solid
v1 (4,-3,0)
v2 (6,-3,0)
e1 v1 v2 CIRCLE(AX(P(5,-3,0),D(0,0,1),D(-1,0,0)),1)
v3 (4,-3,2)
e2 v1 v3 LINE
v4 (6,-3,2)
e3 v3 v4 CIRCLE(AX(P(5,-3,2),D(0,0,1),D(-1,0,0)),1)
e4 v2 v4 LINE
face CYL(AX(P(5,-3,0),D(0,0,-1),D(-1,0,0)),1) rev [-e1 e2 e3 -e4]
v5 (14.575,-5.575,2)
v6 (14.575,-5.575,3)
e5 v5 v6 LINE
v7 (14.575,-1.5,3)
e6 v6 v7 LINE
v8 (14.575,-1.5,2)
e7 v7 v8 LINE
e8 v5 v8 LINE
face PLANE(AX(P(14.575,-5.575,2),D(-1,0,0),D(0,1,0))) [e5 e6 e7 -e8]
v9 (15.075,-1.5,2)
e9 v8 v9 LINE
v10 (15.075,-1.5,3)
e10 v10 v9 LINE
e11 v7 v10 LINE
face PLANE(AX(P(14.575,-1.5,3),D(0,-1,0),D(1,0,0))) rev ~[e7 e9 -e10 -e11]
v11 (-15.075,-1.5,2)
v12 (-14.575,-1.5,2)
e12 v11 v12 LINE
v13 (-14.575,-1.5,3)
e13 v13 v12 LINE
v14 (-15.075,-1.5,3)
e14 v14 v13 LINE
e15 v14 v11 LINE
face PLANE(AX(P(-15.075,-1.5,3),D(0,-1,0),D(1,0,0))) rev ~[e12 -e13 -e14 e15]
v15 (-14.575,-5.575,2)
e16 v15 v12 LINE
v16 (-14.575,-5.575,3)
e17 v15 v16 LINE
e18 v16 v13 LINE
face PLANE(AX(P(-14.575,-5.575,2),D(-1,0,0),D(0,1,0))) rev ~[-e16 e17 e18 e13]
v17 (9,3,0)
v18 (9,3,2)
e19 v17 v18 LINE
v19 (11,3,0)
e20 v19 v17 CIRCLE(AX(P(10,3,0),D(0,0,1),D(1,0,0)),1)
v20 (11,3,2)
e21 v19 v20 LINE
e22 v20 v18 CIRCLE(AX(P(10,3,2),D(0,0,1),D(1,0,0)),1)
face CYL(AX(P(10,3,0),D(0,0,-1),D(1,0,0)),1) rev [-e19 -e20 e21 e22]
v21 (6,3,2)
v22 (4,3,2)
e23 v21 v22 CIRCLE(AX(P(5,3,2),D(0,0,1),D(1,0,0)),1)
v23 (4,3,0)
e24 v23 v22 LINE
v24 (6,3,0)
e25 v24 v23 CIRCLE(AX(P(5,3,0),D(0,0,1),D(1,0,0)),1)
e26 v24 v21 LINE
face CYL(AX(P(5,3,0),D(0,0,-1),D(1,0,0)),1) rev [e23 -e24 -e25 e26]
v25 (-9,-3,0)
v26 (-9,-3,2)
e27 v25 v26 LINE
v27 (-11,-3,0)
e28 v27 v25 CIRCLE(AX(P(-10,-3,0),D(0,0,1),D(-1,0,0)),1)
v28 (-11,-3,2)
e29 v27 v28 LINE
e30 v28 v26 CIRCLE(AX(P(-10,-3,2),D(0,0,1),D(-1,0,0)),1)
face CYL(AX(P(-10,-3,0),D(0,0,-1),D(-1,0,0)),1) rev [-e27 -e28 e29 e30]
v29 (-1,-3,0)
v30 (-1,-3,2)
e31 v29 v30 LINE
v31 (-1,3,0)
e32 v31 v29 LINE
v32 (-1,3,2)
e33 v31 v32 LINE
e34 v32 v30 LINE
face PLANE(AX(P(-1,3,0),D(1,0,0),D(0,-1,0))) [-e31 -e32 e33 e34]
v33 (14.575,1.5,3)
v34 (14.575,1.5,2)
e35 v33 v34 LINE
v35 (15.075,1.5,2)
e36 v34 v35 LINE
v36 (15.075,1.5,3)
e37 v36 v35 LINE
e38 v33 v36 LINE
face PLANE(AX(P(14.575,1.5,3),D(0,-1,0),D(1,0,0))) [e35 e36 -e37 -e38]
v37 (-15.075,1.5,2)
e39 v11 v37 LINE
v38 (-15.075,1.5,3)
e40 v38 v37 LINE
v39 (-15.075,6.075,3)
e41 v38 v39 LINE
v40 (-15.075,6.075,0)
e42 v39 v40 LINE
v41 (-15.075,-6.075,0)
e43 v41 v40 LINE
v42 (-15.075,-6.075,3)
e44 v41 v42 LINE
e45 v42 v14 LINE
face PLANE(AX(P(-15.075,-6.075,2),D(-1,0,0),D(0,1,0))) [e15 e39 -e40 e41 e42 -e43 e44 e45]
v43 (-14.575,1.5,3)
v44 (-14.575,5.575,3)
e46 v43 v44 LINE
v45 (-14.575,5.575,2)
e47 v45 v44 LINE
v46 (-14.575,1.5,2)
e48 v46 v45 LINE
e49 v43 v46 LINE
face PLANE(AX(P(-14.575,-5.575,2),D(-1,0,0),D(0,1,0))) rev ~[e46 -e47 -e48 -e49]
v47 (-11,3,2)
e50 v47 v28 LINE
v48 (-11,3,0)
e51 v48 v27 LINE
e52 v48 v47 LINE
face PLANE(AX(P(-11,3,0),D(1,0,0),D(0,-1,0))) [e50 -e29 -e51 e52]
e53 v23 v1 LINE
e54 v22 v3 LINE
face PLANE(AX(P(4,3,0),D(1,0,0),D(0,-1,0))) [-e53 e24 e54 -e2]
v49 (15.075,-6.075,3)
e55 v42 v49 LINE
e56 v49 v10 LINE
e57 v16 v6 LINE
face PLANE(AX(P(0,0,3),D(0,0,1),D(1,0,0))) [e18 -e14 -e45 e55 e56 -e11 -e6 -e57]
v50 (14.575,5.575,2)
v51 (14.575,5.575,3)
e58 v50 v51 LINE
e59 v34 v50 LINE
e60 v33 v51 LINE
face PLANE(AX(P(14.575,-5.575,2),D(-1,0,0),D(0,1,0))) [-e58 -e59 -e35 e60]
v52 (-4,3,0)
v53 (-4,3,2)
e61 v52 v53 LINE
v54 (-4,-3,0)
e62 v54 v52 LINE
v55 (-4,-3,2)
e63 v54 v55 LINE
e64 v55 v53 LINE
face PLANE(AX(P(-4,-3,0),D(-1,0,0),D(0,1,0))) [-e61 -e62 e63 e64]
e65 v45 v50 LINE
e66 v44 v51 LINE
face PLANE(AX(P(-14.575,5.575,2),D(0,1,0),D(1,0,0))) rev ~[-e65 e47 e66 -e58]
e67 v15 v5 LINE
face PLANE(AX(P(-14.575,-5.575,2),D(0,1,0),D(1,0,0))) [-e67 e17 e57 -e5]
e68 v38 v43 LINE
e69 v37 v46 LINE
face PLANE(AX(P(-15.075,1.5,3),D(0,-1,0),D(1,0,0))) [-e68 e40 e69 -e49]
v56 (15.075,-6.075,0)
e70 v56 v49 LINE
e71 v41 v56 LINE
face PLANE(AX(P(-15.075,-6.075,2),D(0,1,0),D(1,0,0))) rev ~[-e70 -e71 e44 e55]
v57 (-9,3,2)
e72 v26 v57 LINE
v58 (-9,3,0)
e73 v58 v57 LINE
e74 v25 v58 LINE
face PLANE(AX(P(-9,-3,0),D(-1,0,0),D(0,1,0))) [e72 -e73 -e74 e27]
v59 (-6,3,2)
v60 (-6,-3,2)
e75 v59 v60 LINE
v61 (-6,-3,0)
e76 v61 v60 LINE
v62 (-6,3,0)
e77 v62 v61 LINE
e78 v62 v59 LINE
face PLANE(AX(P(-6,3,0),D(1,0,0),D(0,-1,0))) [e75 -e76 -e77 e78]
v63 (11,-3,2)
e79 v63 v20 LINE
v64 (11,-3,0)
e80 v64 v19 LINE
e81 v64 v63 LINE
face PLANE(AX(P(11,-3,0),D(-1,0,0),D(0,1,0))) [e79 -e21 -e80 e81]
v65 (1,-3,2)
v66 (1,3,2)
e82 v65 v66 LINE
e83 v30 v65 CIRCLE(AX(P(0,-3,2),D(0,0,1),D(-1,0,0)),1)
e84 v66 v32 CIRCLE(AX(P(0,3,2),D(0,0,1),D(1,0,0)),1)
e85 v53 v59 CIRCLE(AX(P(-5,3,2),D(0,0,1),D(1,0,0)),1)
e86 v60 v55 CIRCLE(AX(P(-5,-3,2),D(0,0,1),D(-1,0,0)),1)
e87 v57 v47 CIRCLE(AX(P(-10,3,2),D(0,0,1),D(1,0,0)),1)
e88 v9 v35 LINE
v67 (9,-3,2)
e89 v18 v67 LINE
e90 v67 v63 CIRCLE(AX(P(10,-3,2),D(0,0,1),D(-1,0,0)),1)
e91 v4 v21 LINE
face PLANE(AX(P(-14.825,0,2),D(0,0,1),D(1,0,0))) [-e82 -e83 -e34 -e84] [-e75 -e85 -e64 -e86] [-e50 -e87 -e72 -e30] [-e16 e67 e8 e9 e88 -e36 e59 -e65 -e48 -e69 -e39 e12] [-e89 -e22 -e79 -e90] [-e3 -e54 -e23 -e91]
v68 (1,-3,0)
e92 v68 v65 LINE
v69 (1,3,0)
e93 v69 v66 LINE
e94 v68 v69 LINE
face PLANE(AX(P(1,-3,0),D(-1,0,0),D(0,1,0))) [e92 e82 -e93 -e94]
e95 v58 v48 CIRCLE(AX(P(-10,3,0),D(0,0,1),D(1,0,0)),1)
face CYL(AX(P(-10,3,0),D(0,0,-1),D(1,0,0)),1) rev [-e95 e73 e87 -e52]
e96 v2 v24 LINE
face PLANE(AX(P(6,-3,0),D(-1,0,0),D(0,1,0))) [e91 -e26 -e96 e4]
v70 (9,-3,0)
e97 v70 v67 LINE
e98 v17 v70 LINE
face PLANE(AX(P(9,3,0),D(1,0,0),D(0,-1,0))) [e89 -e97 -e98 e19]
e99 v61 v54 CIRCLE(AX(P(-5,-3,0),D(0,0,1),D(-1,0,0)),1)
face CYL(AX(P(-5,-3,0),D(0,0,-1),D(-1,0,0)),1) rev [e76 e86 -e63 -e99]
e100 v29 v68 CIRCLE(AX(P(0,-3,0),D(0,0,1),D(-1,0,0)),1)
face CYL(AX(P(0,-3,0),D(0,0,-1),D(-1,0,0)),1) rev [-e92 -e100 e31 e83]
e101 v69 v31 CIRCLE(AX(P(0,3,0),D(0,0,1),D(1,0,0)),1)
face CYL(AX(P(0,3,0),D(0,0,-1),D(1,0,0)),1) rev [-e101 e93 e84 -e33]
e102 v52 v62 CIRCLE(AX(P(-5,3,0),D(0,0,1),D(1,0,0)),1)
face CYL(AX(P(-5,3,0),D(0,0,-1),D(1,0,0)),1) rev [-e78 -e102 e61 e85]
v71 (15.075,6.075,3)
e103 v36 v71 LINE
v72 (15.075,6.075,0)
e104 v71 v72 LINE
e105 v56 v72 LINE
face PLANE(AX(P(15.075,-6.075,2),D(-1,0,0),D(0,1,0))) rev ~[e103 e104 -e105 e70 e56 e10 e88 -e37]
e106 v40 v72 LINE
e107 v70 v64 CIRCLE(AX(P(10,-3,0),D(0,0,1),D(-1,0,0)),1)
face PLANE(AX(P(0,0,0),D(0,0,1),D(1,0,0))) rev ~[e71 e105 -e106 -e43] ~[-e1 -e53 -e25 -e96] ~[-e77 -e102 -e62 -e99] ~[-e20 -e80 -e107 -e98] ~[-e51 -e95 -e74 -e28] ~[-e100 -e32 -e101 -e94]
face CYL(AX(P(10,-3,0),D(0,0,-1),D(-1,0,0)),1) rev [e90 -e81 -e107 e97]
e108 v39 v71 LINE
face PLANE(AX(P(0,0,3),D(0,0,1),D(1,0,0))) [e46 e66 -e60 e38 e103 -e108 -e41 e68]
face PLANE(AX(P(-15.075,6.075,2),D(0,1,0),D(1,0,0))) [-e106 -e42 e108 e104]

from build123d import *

# Parameters (mm, degrees)
SKETCH1_W           = 30.15
SKETCH1_H           = 12.15
BOSS_EXTRUDE1_DEPTH = 2
SKETCH2_W           = 30.15
SKETCH2_H           = 12.15
SKETCH2_W_2         = 29.15
SKETCH2_H_2         = 11.15
BOSS_EXTRUDE2_DEPTH = 1
CUT_EXTRUDE1_DEPTH  = 2
SKETCH4_W           = 0.5
SKETCH4_H           = 3
CUT_EXTRUDE2_DEPTH  = 1


with BuildPart() as part:
    # Sketch1 → Boss-Extrude1 (new body)
    with BuildSketch(Plane.XY):
        Rectangle(SKETCH1_W, SKETCH1_H)
    extrude(amount=BOSS_EXTRUDE1_DEPTH)

    # Sketch2 → Boss-Extrude2 (add)
    with BuildSketch(Plane.XY.offset(2)):
        Rectangle(SKETCH2_W, SKETCH2_H)
        Rectangle(SKETCH2_W_2, SKETCH2_H_2, mode=Mode.SUBTRACT)
    extrude(amount=BOSS_EXTRUDE2_DEPTH)

    # Sketch3 → Cut-Extrude1 (cut)
    with BuildSketch(Plane(origin=(0, 0, 0), x_dir=(-1, 0, 0), z_dir=(0, 0, -1))):
        with BuildLine():
            Line((-1, -3), (-1, 3))
            ThreePointArc((-1, 3), (0, 4), (1, 3))
            Line((1, 3), (1, -3))
            ThreePointArc((1, -3), (0, -4), (-1, -3))
        make_face()
        with BuildLine():
            Line((-6, -3), (-6, 3))
            ThreePointArc((-6, 3), (-5, 4), (-4, 3))
            Line((-4, 3), (-4, -3))
            ThreePointArc((-4, -3), (-5, -4), (-6, -3))
        make_face()
        with BuildLine():
            Line((-11, -3), (-11, 3))
            ThreePointArc((-11, 3), (-10, 4), (-9, 3))
            Line((-9, 3), (-9, -3))
            ThreePointArc((-9, -3), (-10, -4), (-11, -3))
        make_face()
        with BuildLine():
            Line((4, -3), (4, 3))
            ThreePointArc((4, 3), (5, 4), (6, 3))
            Line((6, 3), (6, -3))
            ThreePointArc((6, -3), (5, -4), (4, -3))
        make_face()
        with BuildLine():
            Line((9, -3), (9, 3))
            ThreePointArc((9, 3), (10, 4), (11, 3))
            Line((11, 3), (11, -3))
            ThreePointArc((11, -3), (10, -4), (9, -3))
        make_face()
    extrude(amount=-CUT_EXTRUDE1_DEPTH, mode=Mode.SUBTRACT)

    # Sketch4 → Cut-Extrude2 (cut)
    with BuildSketch(Plane.XY.offset(3)):
        with Locations((-14.825, 0)):
            Rectangle(SKETCH4_W, SKETCH4_H)
        with Locations((14.825, 0)):
            Rectangle(SKETCH4_W, SKETCH4_H)
    extrude(amount=-CUT_EXTRUDE2_DEPTH, mode=Mode.SUBTRACT)


solid = part.part
